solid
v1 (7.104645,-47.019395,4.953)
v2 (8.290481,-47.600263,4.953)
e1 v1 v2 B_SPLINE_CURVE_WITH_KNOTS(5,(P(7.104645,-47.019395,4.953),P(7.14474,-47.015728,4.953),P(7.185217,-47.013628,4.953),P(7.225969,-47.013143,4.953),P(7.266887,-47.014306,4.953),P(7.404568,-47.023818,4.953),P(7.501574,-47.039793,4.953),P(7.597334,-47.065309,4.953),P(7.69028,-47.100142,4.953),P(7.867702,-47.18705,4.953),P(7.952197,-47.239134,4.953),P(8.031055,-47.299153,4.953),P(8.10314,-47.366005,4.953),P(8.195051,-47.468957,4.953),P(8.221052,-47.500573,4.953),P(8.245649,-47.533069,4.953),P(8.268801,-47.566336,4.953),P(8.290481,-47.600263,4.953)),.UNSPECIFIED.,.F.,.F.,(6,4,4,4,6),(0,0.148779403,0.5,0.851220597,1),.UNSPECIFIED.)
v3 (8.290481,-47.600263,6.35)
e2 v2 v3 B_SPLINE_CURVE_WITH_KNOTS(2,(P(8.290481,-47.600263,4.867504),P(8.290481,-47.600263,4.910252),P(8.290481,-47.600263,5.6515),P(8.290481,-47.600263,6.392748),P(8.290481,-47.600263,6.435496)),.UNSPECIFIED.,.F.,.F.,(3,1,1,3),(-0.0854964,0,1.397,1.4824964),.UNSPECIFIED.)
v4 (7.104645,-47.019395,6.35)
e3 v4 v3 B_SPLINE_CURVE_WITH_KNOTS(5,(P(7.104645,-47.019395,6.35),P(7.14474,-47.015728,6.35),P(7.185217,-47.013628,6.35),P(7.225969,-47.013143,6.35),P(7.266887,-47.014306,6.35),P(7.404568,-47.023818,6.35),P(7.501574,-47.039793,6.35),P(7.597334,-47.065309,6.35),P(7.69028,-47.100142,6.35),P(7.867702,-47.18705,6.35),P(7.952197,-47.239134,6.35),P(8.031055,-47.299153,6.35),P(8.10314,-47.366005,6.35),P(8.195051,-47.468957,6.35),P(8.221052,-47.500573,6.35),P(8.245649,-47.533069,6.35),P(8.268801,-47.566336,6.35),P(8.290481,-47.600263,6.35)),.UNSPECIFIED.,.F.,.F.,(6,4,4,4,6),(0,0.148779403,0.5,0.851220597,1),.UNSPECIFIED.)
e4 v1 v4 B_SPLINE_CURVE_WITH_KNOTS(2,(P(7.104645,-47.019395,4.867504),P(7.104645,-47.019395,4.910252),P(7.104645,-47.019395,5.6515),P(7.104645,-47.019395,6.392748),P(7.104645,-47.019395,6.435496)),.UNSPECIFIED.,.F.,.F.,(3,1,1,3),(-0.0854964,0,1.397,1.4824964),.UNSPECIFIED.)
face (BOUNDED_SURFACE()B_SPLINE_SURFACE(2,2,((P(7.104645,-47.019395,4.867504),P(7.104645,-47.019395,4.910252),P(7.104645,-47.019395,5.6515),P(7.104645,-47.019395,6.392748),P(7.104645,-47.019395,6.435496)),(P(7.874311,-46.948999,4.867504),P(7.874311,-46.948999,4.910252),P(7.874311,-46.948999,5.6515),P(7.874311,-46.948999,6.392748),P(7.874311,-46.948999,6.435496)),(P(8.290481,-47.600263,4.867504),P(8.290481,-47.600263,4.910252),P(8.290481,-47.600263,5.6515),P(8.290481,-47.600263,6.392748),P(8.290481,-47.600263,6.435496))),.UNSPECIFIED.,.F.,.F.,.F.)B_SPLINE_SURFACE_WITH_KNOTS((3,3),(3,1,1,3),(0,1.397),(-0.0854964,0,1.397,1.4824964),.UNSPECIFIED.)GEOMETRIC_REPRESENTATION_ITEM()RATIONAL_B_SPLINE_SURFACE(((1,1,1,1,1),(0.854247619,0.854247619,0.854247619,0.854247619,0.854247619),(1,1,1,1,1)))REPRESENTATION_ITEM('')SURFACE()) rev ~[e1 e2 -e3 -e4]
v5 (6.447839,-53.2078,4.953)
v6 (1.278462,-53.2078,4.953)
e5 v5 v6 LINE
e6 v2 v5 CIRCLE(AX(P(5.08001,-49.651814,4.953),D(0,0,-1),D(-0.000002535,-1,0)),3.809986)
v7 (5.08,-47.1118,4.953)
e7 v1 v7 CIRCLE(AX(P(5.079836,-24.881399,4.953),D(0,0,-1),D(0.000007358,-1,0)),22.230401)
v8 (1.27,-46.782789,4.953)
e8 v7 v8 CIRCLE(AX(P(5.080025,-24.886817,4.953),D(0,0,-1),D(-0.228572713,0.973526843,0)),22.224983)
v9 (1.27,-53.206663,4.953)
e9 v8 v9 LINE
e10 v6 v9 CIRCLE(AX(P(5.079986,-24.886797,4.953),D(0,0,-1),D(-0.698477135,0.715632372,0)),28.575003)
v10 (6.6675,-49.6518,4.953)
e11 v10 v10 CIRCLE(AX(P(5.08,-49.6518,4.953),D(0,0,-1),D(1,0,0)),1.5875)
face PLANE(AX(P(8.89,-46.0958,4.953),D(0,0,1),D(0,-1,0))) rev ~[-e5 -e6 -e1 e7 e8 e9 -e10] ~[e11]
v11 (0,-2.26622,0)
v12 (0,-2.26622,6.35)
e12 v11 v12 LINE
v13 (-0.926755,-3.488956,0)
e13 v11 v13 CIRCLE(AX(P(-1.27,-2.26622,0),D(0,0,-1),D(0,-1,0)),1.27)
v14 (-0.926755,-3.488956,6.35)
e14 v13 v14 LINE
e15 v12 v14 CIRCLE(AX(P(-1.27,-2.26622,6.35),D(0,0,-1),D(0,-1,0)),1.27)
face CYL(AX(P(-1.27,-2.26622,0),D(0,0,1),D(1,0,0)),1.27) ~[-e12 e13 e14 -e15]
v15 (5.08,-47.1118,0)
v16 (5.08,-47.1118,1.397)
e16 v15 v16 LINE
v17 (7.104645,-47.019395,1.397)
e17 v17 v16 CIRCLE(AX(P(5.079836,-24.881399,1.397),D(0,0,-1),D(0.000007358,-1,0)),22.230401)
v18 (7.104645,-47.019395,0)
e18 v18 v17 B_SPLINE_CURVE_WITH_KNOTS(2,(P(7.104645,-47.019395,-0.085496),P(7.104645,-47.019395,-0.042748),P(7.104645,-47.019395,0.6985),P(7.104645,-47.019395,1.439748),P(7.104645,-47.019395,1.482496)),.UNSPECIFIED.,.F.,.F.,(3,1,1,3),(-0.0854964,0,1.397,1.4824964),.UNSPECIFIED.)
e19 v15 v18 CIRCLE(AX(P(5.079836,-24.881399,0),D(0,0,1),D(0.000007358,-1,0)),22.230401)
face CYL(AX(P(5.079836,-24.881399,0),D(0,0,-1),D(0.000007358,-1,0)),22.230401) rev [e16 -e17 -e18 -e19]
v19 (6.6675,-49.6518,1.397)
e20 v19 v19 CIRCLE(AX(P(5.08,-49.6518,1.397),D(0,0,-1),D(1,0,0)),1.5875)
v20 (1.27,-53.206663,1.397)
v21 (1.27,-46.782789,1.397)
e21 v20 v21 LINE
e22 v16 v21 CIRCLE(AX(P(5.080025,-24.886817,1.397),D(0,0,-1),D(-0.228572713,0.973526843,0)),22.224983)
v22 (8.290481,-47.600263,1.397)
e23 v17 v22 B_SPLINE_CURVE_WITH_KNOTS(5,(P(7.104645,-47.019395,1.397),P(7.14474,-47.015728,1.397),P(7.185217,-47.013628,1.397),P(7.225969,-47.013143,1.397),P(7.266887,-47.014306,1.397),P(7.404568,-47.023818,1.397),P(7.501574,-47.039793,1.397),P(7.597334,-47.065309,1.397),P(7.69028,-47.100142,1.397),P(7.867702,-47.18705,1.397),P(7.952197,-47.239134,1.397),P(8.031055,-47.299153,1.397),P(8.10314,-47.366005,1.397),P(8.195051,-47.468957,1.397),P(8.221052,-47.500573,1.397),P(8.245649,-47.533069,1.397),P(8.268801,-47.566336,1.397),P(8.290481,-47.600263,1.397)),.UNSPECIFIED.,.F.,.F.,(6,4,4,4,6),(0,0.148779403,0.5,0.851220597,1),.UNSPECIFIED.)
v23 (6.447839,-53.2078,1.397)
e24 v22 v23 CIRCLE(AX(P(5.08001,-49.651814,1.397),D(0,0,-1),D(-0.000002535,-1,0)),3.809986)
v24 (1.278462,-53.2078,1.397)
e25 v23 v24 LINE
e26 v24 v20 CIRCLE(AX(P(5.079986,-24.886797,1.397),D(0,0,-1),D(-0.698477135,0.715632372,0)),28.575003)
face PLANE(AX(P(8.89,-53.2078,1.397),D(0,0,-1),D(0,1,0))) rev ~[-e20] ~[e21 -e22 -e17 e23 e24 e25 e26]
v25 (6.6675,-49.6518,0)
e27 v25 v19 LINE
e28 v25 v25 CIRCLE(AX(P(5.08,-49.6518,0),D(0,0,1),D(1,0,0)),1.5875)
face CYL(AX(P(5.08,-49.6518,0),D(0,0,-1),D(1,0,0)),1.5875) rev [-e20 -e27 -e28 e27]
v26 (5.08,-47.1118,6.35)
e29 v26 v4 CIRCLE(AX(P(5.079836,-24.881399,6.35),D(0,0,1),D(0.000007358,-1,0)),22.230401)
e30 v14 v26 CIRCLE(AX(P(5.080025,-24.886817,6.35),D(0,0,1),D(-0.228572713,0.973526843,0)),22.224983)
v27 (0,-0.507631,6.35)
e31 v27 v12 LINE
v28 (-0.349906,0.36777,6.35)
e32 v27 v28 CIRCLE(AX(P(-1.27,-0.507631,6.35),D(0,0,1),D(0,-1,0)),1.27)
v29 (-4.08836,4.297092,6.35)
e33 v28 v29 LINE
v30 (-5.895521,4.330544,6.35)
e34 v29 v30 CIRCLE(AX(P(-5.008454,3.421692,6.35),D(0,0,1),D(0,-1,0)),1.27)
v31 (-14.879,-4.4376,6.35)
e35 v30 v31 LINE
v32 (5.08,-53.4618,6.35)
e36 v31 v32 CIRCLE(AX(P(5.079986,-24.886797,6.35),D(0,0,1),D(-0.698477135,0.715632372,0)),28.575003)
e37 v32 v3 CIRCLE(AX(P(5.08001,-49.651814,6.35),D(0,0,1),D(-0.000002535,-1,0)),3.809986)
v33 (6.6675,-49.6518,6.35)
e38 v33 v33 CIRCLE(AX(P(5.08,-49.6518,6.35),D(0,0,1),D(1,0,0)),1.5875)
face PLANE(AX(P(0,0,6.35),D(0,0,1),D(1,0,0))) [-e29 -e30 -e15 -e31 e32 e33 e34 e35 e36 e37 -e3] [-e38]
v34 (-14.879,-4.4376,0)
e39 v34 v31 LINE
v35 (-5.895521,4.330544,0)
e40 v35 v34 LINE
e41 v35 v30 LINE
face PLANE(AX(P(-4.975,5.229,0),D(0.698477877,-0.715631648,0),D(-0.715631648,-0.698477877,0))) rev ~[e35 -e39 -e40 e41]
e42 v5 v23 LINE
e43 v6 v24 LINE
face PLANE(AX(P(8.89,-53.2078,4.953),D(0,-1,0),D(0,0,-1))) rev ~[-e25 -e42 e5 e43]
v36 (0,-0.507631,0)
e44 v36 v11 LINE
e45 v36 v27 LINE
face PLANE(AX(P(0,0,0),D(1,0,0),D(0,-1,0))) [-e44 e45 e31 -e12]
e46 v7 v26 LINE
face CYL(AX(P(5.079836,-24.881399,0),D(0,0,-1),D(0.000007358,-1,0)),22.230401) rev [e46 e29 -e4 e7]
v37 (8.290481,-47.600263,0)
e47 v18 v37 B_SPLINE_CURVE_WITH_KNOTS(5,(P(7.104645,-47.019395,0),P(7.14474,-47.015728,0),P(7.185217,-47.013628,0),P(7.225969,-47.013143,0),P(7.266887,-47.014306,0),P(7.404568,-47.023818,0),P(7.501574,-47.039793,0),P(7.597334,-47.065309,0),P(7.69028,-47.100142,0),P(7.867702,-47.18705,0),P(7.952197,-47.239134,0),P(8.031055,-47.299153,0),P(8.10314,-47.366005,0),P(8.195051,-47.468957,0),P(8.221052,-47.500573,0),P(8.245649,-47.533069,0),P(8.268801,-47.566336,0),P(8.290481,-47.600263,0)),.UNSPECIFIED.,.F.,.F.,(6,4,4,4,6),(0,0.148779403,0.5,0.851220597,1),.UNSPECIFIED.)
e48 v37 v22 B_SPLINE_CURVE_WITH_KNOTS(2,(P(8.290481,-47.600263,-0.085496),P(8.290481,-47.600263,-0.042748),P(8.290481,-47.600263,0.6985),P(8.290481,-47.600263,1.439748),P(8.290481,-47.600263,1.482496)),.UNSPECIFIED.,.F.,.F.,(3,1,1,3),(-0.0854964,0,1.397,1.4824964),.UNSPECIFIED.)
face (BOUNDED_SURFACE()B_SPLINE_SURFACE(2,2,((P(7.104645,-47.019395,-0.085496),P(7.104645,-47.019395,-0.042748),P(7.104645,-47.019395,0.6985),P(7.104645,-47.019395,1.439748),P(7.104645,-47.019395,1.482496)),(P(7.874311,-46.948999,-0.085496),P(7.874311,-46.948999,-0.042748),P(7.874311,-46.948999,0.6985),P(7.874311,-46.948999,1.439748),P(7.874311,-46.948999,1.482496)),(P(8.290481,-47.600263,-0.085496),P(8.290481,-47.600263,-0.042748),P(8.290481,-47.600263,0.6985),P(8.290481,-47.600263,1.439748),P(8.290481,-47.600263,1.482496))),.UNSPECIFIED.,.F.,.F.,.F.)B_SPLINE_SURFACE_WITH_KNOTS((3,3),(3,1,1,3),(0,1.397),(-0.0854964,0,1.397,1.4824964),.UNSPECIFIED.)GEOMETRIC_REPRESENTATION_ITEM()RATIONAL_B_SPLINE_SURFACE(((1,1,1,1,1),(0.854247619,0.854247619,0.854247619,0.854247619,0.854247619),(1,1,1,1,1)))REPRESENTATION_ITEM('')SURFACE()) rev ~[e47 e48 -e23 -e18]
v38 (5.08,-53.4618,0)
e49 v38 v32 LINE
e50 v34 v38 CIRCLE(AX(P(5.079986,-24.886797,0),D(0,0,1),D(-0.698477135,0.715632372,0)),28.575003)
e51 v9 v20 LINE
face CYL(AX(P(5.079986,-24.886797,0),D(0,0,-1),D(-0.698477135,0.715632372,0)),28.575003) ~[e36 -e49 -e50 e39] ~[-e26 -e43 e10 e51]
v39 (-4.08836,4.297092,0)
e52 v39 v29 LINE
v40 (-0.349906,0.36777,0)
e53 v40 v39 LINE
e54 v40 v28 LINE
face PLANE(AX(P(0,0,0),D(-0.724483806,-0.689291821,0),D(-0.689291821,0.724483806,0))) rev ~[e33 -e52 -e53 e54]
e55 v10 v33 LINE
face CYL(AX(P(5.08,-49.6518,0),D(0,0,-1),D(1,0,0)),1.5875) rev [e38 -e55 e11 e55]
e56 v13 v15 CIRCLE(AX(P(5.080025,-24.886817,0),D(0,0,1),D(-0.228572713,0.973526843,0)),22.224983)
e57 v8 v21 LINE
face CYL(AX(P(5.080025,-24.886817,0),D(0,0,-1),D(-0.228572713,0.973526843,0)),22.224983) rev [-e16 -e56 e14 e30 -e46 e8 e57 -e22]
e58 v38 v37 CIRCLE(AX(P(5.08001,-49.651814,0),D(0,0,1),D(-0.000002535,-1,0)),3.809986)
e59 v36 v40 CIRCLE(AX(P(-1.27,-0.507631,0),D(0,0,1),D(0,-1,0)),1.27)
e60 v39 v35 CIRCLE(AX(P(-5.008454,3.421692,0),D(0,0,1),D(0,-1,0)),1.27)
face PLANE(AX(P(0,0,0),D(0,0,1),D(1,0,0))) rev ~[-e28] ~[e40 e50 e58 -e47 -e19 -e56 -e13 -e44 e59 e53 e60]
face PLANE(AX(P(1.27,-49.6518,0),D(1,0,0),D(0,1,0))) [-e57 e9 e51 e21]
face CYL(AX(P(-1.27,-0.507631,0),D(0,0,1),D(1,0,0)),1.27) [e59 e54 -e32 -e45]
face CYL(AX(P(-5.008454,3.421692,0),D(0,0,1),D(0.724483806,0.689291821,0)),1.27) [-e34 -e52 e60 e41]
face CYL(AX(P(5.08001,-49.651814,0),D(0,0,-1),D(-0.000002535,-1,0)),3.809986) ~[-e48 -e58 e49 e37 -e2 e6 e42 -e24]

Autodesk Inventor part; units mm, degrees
ref_plane "XZ Plane" through (0, 0, 0) normal (0, 1, 0) x (-1, 0, 0)
ref_plane "XY Plane" through (0, 0, 0) normal (0, 0, 1) x (1, 0, 0)
sketch "Sketch1" plane through (0, 0, 0) normal (0, 0, 1) x (1, 0, 0)
  line L0 (0, 0) -> (4.826, 4.3221)
  line L1 (4.826, 4.3221) -> (10.16, 0)
  line L2 (10.16, 0) -> (11.43, 6.2217)
  line L3 (0, 0) -> (-4.975, 5.229)
  arc A0 (11.43, 6.2217) -> (-4.975, 5.229) centre (5.08, -24.8868) ccw
  circle A1 centre (5.08, -24.8868) radius 25.4 construction
  circle A2 centre (5.08, -24.8868) radius 21.59 construction
  arc A3 (5.08, -47.1118) -> (7.7653, -46.949) centre (5.08, -24.8868) ccw
  circle A4 centre (5.08, -49.6518) radius 1.5875
  line L4 (5.08, -49.6518) -> (5.08, -46.4768) construction
  arc A5 (-14.879, -4.4376) -> (5.08, -53.4618) centre (5.08, -24.8868) ccw
  arc A6 (5.08, -53.4618) -> (7.7653, -46.949) centre (5.08, -49.6518) ccw
  line L5 (0, 0) -> (0, -3.2502)
  line L6 (-4.975, 5.229) -> (-14.879, -4.4376)
  arc A7 (0, -3.2502) -> (5.08, -47.1118) centre (5.08, -24.8868) ccw
  dimension "d40" = 43.18
  dimension "d0" = 31.75
  dimension "d2" = 50.8
  dimension "d3" = 29.21
  dimension "d4" = 30
  dimension "d5" = 10.16
  dimension "d6" = 5.334
  dimension "d42" = 44.45
  dimension "d43" = 3.175
  dimension "d44" = 3.175
  dimension "d47" = 3.81
extrude "Extrusion1" add sketch "Sketch1" along normal blind 6.35 contours L5 A7 A3 A6 A5 L6 L3
ref_plane "Work Plane1" through (8.89, -49.6518, 0) normal (1, 0, 0) x (0, 1, 0)
sketch "Sketch5" plane through (8.89, -49.6518, 0) normal (1, 0, 0) x (0, 1, 0)
  line L0 (-1.5875, 6.35) -> (1.5875, 6.35) construction
  line L1 (1.5875, 0) -> (-1.5875, 0) construction
  line L2 (-3.556, 1.397) -> (3.556, 1.397)
  line L3 (3.556, 1.397) -> (3.556, 4.953)
  line L4 (3.556, 4.953) -> (-3.556, 4.953)
  line L5 (-3.556, 4.953) -> (-3.556, 1.397)
  line L6 (-3.81, 0) -> (-3.81, 6.35) construction
  point P0 (49.6518, 0)
  point P1 (3.556, 3.175)
  point P2 (-3.81, 3.175)
  point P3 (0, 4.953)
  point P4 (0, 6.35)
  dimension "d48" = 3.556
  dimension "d49" = 7.112
extrude "Extrusion5" cut sketch "Sketch5" against normal blind 7.62
fillet "Fillet2" radius 1.27 5 edges at (7.7653, -46.949, 5.6515) (7.7653, -46.949, 0.6985) (0, -3.2502, 3.175) (0, 0, 3.175) (-4.975, 5.229, 3.175)
properties part number "BearingHolder1" material "ABS Plastic"
